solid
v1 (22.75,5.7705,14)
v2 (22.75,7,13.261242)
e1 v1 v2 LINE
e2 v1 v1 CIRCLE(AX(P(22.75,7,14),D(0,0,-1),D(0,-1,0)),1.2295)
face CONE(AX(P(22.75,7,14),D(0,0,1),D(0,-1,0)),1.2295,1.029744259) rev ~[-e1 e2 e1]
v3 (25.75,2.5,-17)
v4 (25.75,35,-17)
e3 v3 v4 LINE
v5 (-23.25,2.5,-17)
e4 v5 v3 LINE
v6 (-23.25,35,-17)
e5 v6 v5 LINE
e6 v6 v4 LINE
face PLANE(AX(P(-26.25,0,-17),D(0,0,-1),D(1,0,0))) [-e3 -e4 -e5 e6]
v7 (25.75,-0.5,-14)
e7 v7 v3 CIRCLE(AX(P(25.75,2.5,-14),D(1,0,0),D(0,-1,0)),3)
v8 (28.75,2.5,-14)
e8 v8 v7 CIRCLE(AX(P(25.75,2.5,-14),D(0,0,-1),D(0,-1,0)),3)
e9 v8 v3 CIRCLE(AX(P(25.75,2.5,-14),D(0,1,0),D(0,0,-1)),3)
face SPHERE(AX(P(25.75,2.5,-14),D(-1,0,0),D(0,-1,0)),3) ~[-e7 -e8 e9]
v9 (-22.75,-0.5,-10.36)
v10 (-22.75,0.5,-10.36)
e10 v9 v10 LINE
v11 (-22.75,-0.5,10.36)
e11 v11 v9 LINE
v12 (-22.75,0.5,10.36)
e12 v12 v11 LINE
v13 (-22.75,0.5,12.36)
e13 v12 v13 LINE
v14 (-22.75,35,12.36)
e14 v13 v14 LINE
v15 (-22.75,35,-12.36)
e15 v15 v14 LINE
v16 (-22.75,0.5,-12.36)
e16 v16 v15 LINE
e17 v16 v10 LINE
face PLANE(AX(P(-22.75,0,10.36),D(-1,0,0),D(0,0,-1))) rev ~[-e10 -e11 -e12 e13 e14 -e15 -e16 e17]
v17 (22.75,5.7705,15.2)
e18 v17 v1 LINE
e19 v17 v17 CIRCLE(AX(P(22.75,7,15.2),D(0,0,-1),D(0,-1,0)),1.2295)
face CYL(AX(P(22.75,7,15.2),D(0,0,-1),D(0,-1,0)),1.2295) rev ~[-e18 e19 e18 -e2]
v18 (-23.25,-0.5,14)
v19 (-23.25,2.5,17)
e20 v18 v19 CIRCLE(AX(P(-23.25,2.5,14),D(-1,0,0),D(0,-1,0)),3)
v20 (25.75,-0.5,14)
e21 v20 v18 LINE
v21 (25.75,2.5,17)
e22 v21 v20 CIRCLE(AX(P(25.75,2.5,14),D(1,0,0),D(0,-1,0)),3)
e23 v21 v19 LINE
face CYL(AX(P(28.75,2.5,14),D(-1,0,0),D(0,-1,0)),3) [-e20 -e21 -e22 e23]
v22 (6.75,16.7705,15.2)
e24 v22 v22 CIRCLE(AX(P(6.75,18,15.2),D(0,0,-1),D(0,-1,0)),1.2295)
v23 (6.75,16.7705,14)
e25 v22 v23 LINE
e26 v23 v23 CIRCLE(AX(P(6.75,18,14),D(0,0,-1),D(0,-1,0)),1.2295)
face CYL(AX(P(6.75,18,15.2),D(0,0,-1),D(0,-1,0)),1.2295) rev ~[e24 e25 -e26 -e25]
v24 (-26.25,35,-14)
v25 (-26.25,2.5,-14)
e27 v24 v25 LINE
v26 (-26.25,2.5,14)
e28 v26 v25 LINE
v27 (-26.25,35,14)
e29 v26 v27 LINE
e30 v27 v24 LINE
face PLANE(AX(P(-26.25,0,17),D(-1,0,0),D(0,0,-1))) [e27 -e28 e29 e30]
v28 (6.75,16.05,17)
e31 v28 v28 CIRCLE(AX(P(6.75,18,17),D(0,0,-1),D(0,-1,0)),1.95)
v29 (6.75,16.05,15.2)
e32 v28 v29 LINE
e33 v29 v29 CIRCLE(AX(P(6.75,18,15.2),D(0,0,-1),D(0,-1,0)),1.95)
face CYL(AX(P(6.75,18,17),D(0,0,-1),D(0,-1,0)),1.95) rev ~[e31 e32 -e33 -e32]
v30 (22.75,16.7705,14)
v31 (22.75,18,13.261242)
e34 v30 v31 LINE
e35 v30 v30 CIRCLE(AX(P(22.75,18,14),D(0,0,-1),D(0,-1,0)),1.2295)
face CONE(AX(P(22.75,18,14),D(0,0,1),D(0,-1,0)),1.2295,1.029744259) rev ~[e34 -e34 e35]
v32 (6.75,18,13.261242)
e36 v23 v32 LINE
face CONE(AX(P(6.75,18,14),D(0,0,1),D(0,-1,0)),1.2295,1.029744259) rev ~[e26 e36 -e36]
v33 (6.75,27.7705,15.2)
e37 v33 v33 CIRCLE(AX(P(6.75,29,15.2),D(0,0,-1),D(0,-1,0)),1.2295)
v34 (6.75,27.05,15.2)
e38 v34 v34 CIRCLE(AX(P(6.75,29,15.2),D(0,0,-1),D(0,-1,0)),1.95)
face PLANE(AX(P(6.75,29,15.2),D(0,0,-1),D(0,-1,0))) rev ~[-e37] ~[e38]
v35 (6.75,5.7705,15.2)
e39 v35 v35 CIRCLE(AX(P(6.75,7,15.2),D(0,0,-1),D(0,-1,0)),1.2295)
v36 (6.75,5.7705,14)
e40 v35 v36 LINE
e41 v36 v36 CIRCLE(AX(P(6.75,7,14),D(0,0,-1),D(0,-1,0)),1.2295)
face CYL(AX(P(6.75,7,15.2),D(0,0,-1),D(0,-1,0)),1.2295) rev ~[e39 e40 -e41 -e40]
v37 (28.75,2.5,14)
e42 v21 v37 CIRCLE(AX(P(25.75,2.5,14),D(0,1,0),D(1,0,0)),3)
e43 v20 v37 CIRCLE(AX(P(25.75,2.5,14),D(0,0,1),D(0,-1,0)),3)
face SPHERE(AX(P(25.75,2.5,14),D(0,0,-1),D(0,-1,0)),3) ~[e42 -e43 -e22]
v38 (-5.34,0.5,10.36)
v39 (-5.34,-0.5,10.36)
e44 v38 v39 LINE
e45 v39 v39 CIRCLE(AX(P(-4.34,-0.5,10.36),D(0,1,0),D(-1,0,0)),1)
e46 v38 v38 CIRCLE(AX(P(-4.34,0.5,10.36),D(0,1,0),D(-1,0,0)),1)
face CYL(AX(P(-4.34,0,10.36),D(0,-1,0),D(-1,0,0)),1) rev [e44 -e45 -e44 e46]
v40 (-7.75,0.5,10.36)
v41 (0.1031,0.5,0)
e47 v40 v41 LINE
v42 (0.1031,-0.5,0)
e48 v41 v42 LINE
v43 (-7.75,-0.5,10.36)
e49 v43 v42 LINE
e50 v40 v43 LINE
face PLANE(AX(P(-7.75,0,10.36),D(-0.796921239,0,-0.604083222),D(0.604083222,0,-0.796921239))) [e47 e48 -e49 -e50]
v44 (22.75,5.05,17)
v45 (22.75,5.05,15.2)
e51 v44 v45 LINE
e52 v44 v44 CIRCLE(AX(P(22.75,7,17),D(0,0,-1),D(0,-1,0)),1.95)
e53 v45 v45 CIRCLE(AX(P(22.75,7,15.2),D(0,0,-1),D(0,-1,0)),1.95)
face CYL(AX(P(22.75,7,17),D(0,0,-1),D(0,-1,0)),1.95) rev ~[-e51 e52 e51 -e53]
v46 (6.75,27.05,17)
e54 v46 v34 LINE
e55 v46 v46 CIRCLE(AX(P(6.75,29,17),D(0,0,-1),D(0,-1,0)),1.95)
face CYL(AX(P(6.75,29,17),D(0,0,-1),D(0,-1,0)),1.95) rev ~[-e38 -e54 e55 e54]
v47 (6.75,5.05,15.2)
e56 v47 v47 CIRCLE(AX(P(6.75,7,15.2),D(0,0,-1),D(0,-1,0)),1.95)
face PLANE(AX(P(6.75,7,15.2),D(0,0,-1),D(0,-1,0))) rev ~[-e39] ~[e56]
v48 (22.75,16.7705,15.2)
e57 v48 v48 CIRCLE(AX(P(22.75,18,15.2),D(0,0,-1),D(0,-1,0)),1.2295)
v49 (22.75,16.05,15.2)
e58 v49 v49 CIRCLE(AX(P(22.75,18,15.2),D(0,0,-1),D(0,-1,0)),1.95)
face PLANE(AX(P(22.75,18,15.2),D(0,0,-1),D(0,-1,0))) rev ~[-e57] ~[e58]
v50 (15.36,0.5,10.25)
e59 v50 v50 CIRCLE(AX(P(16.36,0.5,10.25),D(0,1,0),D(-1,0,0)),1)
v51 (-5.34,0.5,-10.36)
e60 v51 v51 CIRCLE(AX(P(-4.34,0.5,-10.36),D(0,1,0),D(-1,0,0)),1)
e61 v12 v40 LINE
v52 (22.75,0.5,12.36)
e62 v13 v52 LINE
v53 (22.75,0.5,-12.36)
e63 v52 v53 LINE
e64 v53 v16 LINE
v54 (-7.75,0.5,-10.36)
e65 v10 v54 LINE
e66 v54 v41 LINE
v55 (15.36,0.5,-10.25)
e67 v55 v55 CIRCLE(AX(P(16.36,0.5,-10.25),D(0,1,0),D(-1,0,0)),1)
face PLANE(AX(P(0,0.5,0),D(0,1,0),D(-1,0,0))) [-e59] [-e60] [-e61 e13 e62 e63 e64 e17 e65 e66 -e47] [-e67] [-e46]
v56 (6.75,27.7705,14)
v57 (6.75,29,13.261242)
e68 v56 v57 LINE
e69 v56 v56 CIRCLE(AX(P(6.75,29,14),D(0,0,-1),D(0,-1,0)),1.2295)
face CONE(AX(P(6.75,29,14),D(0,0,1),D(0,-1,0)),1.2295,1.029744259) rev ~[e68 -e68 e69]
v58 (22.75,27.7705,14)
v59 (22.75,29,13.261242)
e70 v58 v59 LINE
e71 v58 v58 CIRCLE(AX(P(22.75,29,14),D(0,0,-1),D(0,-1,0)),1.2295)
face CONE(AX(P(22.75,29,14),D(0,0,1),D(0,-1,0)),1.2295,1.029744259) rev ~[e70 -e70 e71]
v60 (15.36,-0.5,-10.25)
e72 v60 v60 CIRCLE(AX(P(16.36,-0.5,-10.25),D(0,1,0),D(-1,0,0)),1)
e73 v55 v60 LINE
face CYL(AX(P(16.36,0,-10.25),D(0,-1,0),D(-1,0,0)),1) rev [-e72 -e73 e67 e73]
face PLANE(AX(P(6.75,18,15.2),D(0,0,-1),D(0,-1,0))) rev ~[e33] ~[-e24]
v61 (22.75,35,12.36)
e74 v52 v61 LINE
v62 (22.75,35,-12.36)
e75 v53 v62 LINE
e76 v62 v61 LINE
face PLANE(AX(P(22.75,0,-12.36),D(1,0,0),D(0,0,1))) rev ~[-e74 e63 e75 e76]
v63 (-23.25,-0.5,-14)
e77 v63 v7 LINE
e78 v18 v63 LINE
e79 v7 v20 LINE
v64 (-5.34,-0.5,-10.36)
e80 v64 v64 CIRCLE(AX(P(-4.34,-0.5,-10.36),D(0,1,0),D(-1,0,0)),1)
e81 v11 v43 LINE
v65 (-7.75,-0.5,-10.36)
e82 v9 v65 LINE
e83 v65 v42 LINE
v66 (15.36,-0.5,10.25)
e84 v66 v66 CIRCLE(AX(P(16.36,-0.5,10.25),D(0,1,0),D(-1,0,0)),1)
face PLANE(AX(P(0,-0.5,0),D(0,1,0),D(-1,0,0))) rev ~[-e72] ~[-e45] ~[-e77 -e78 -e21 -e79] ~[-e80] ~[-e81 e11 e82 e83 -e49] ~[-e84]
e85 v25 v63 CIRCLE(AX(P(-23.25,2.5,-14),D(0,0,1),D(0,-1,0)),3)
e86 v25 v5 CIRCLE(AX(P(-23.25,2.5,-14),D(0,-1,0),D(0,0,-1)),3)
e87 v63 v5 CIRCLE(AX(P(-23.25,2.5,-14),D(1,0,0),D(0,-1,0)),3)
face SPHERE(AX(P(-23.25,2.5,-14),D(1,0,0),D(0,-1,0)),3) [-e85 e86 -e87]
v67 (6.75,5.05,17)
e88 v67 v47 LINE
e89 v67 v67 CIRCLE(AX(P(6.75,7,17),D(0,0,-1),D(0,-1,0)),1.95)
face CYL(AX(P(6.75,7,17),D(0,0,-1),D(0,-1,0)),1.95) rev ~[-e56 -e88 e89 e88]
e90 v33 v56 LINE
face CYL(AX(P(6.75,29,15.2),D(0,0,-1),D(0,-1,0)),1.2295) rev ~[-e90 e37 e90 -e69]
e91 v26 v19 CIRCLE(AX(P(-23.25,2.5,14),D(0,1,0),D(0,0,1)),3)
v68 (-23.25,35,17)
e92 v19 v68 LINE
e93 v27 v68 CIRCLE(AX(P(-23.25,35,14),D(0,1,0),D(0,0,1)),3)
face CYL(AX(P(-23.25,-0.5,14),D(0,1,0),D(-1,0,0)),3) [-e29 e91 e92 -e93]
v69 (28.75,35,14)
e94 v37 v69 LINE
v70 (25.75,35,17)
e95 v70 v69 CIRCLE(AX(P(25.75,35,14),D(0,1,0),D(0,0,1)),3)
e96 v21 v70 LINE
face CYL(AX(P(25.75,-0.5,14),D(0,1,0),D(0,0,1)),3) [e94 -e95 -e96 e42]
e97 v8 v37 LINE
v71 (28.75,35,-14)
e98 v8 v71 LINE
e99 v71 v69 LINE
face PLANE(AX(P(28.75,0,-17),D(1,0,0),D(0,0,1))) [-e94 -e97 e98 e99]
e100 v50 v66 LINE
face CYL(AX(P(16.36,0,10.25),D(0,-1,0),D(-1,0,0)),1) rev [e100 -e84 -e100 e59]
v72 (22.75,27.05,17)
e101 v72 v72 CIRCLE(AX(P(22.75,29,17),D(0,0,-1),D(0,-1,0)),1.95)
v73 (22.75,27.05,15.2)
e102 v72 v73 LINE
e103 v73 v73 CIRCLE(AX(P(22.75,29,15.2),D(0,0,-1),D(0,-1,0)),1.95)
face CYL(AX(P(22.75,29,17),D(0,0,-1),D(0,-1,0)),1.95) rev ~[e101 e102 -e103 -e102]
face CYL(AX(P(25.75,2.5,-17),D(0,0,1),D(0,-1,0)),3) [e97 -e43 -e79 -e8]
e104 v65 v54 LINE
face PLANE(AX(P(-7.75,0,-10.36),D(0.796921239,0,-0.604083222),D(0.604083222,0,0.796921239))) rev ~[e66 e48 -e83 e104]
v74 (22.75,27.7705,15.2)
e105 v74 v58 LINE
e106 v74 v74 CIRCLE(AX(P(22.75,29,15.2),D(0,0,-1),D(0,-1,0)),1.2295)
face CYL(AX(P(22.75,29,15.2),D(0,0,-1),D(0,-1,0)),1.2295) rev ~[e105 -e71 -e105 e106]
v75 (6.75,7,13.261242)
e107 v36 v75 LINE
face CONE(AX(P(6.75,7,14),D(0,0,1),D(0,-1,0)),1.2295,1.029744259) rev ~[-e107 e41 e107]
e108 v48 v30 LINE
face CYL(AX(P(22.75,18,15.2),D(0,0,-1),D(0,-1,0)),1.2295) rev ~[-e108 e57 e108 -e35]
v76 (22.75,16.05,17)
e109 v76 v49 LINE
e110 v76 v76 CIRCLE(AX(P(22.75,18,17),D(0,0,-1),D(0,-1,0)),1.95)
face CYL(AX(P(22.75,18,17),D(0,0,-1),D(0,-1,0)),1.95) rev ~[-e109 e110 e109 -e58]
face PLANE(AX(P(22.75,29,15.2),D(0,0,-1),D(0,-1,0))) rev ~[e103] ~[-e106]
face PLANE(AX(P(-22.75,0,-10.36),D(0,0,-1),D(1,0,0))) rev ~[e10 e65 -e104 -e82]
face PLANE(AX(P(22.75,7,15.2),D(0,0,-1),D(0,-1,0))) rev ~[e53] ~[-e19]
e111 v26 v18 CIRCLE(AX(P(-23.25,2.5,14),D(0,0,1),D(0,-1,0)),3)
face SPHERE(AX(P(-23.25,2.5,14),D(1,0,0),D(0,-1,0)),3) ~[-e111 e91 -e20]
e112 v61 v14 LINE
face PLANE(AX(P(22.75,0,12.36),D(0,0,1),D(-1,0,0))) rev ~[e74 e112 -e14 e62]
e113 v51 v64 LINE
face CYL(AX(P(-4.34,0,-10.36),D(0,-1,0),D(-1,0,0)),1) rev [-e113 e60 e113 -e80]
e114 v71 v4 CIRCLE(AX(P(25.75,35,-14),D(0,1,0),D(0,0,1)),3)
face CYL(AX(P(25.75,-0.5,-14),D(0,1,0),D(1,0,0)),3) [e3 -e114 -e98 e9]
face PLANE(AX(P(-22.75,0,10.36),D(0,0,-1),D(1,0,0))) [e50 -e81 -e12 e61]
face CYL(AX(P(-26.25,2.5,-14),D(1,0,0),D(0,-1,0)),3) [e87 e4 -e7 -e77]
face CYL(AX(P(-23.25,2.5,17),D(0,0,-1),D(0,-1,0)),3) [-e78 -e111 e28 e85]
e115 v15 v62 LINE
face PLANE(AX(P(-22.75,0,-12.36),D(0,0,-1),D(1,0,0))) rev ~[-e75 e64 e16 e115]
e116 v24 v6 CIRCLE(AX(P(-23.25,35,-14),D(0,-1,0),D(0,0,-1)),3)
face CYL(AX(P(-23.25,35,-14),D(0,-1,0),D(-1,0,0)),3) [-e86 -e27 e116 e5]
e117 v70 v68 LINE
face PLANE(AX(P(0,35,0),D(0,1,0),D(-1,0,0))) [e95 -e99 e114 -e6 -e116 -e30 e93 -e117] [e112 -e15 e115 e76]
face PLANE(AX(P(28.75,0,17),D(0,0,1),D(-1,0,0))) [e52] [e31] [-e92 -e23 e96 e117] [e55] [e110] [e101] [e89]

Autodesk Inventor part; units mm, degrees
ref_plane "YZ Plane" through (0, 0, 0) normal (1, 0, 0) x (0, 1, 0)
ref_plane "XZ Plane" through (0, 0, 0) normal (0, 1, 0) x (-1, 0, 0)
ref_plane "XY Plane" through (0, 0, 0) normal (0, 0, 1) x (1, 0, 0)
sketch "Sketch1" plane through (0, 0, 0) normal (0, 1, 0) x (-1, 0, 0)
  line L0 (22.75, -10.36) -> (7.75, -10.36)
  line L1 (7.75, -10.36) -> (-0.1031, 0)
  circle A0 centre (4.34, -10.36) radius 1
  line L2 (22.75, 10.36) -> (7.75, 10.36)
  circle A1 centre (12.64, 0) radius 9.6 construction
  line L3 (22.75, 12.36) -> (22.75, -12.36)
  circle A2 centre (4.34, 10.36) radius 1
  line L4 (7.75, 10.36) -> (-0.1031, 0)
  line L5 (26.25, 17) -> (26.25, -17)
  line L6 (22.75, -12.36) -> (-22.75, -12.36)
  line L7 (22.75, 0) -> (-22.75, 0) construction
  line L8 (26.25, -17) -> (-28.75, -17)
  line L9 (26.25, -17) -> (-28.75, 17) construction
  line L10 (-28.75, -17) -> (26.25, 17) construction
  line L11 (-22.75, 12.36) -> (22.75, 12.36)
  line L12 (-28.75, 17) -> (26.25, 17)
  line L13 (-28.75, -17) -> (-28.75, 17)
  circle A3 centre (-16.36, 10.25) radius 1
  line L14 (-22.75, -12.36) -> (-22.75, 12.36)
  circle A4 centre (-16.36, -10.25) radius 1
  point P0 (0, 0)
  point P1 (-1.25, 0)
  point P2 (0, 0)
  point P3 (22.75, -10.36)
  dimension "d0" = 55
  dimension "d1" = 34
  dimension "d2" = 45.5
  dimension "d3" = 24.72
  dimension "d4" = 2
  dimension "d6" = 18.41
  dimension "d7" = 20.5
  dimension "d8" = 19.2
  dimension "d9" = 10.11
  dimension "d10" = 13
  dimension "d11" = 15
  dimension "d12" = 3.5
  dimension "d13" = 2
  dimension "d14" = 3.41
  dimension "d51" = 20.7
extrude "Extrusion1" add sketch "Sketch1" along normal mid plane 1 contours L3 L6 L14 L11 L2 L4 L1 L0 | L5 L8 L13 L12
extrude "Extrusion2" add sketch "Sketch1" along normal blind 35 contours L5 L8 L13 L12
fillet "Fillet1" radius 3 8 edges at (1.25, -0.5, -17) (28.75, -0.5, 0) (1.25, -0.5, 17) (-26.25, -0.5, 0) (28.75, 17.25, -17) (28.75, 17.25, 17) (-26.25, 17.25, 17) (-26.25, 17.25, -17)
sketch "Sketch3" plane through (-23.25, 35, 17) normal (0, 0, 1) x (1, 0, 0)
  line L0 (46, -34.5) -> (46, 0) projected
  circle A0 centre (46, -28) radius 1.5
  line L1 (49, -32.5) -> (0, -32.5) projected
  circle A1 centre (46, -17) radius 1.5
  circle A2 centre (46, -6) radius 1.5
  circle A3 centre (30, -28) radius 1.5
  circle A4 centre (30, -17) radius 1.5
  circle A5 centre (30, -6) radius 1.5
  line L2 (52, -32.5) -> (52, 0) projected
  point P0 (23.25, -35)
  dimension "d20" = 3
  dimension "d23" = 11
  dimension "d26" = 16
  dimension "d29" = 4.5
  dimension "d37" = 6
hole "Hole1" at (22.75, 7, 17) at (6.75, 7, 17) at (6.75, 18, 17) at (22.75, 18, 17) at (22.75, 29, 17) at (6.75, 29, 17) direction (0, 0, -1) diameter 2.459 depth 3 tip angle 118 counterbore diameter 3.9 counterbore depth 1.8 thread size "M3x0.5" class "6H" standard "ISO Metric profile"
properties part number "basket"
